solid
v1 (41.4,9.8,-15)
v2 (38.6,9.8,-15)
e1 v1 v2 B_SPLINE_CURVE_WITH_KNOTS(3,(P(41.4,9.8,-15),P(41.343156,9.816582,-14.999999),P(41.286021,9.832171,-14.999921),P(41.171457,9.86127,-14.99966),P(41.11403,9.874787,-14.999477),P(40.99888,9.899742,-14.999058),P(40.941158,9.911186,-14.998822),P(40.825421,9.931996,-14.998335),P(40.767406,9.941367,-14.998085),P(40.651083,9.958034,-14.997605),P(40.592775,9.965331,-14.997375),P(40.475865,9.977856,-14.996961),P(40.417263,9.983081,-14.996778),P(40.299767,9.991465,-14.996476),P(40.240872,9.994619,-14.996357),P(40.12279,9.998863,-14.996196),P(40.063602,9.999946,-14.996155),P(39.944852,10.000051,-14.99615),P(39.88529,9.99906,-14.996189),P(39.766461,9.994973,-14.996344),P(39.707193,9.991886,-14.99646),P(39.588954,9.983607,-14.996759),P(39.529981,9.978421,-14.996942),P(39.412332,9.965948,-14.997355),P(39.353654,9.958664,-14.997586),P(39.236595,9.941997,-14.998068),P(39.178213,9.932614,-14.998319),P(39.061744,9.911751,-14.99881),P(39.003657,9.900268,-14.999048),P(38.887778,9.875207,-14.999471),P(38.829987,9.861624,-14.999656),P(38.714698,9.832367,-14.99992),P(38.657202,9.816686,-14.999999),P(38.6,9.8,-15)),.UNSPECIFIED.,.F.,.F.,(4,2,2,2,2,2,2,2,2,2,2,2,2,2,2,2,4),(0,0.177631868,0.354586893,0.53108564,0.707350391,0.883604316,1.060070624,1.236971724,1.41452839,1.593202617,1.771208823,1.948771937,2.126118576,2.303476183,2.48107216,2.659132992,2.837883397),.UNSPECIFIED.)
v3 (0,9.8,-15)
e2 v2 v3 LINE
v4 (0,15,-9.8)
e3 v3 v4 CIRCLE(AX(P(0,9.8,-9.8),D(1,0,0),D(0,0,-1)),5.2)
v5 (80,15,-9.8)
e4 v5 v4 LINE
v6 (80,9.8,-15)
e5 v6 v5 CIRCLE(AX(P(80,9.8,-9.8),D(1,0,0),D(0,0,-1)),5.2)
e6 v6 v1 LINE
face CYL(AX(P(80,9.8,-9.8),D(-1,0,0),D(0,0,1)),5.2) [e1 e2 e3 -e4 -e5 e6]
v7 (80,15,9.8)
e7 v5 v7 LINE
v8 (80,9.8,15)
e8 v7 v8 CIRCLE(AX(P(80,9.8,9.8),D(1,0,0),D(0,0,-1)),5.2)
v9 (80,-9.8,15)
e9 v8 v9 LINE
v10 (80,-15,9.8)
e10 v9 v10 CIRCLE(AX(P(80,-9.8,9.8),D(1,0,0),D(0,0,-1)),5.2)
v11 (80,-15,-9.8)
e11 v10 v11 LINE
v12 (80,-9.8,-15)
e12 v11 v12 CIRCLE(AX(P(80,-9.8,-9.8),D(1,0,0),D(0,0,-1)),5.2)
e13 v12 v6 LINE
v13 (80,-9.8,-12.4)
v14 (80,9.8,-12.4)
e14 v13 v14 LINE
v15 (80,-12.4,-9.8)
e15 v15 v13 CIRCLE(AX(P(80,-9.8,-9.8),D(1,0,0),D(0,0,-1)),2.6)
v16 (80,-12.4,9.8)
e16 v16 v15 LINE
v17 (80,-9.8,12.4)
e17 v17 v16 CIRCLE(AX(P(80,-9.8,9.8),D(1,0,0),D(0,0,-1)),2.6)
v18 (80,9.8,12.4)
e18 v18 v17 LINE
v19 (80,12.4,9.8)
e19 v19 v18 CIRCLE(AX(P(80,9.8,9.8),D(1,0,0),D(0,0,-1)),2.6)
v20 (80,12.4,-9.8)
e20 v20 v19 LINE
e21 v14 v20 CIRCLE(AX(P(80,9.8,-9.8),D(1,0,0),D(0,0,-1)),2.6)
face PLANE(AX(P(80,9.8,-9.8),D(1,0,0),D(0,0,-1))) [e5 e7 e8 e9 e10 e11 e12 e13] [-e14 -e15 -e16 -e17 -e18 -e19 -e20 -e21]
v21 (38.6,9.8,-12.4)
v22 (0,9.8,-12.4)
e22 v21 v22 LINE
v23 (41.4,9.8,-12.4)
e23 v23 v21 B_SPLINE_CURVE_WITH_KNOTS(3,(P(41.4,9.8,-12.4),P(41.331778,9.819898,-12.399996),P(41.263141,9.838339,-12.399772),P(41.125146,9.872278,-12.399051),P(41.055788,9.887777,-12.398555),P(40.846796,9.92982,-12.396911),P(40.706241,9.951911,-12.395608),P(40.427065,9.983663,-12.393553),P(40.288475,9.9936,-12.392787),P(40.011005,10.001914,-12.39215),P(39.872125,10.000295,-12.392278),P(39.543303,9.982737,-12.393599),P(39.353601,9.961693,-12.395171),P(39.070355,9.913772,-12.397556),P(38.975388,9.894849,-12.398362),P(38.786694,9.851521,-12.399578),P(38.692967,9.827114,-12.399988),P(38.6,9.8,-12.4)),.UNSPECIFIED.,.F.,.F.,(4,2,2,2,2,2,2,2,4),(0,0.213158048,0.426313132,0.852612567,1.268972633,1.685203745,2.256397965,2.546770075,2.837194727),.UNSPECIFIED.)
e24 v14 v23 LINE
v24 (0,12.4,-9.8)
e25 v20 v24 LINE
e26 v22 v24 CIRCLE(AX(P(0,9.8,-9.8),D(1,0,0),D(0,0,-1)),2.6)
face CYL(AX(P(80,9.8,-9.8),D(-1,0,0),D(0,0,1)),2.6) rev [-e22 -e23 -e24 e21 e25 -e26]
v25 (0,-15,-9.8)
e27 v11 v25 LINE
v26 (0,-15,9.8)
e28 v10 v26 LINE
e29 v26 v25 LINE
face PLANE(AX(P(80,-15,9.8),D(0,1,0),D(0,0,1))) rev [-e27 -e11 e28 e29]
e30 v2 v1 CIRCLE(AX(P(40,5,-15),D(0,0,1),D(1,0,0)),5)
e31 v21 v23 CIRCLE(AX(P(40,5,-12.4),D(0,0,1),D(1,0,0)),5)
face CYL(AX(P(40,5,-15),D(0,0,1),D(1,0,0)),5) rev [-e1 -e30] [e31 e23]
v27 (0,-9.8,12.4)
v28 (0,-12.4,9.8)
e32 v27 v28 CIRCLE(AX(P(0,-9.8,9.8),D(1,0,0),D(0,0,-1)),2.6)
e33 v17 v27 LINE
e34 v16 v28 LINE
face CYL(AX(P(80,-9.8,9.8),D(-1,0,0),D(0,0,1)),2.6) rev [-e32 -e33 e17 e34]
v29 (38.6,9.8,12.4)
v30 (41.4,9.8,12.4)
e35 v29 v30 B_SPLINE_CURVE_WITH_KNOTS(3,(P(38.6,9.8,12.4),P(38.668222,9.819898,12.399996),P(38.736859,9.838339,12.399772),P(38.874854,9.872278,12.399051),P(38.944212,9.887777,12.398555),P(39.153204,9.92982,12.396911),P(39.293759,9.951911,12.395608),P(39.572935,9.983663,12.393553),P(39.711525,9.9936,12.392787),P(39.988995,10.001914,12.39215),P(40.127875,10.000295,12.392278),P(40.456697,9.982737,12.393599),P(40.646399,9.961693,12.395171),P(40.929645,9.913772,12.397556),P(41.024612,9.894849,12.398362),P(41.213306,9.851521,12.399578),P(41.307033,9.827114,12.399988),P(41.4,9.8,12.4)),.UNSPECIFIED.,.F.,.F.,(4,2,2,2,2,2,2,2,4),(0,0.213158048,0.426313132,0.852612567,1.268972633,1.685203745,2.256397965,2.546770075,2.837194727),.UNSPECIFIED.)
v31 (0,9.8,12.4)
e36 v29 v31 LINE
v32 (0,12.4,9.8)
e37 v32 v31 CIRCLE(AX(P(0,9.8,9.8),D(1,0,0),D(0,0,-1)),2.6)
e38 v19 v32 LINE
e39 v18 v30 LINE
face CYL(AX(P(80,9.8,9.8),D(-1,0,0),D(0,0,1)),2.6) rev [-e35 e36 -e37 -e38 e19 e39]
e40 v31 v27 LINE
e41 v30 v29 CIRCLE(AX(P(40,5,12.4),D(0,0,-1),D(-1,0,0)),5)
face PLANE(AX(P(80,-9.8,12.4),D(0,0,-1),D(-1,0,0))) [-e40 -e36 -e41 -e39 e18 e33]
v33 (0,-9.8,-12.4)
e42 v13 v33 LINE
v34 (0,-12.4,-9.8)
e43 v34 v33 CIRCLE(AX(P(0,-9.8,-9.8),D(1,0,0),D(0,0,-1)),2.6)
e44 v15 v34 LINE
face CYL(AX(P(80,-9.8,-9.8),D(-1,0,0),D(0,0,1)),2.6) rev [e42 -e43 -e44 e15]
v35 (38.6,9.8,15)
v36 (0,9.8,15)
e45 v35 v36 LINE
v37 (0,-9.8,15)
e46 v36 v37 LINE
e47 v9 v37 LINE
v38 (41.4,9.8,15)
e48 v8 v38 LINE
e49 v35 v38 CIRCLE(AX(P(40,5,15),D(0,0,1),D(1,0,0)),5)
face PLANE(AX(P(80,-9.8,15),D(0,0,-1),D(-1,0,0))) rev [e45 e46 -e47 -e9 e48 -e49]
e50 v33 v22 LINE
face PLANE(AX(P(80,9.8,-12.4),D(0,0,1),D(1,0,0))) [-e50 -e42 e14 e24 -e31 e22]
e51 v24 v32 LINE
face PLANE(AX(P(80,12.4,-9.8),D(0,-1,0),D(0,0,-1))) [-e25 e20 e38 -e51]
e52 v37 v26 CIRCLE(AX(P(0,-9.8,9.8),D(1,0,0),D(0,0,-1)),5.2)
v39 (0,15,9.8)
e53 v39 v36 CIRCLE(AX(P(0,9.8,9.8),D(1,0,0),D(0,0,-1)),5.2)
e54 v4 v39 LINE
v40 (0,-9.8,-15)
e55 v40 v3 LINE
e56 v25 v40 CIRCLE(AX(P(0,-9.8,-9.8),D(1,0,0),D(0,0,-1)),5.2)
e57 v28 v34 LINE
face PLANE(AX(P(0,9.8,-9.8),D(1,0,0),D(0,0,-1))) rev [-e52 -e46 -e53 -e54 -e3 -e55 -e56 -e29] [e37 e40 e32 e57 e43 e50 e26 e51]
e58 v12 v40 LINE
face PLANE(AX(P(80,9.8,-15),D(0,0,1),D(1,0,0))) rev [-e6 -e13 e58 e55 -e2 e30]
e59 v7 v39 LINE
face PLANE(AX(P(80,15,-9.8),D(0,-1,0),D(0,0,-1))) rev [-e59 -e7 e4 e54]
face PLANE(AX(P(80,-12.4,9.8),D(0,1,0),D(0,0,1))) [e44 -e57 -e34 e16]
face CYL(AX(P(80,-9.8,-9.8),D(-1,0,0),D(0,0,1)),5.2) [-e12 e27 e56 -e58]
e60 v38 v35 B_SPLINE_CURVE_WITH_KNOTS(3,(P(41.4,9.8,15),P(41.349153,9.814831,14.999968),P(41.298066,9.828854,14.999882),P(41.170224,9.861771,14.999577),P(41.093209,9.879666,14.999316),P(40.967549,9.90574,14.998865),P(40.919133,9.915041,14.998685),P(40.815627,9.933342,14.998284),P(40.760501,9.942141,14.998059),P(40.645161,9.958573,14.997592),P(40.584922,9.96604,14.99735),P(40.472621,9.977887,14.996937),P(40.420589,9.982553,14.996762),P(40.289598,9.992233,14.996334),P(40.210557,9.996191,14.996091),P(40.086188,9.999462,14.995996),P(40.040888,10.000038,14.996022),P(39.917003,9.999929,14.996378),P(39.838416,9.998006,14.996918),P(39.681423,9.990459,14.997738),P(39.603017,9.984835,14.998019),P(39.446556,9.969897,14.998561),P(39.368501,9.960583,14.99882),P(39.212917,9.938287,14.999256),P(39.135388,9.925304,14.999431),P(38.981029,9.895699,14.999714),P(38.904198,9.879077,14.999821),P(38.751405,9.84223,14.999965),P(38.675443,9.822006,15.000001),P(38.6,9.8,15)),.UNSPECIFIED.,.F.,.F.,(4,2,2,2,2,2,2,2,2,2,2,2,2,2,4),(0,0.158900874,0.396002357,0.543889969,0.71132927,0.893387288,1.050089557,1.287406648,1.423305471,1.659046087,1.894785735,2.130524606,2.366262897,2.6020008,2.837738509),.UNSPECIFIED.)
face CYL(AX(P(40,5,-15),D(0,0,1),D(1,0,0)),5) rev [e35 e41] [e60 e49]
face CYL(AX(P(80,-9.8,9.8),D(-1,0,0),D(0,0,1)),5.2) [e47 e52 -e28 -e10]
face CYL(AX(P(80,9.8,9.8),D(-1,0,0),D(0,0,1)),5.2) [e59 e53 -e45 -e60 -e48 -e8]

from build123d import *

# Parameters (mm, degrees)
RURA_KWADRATOWA_30_X_30_X_2_6_1_DEPTH = 80
SZKIC3_R                              = 5
WYTNIJ_WYCI_GNI_CIE1_DEPTH            = 87.746757864


with BuildPart() as part:
    # Sketch11 → Rura kwadratowa 30 X 30 X 2.6(1) (new body)
    with BuildSketch(Plane(origin=(0, 0, 0), x_dir=(0, 0, -1), z_dir=(1, 0, 0))):
        with BuildLine():
            Line((-9.8, -15), (9.8, -15))
            ThreePointArc((9.8, -15), (13.476955262, -13.476955262), (15, -9.8))
            Line((15, -9.8), (15, 9.8))
            ThreePointArc((15, 9.8), (13.476955262, 13.476955262), (9.8, 15))
            Line((9.8, 15), (-9.8, 15))
            ThreePointArc((-9.8, 15), (-13.476955262, 13.476955262), (-15, 9.8))
            Line((-15, 9.8), (-15, -9.8))
            ThreePointArc((-15, -9.8), (-13.476955262, -13.476955262), (-9.8, -15))
        make_face()
        with BuildLine():
            Line((-9.8, -12.4), (9.8, -12.4))
            ThreePointArc((9.8, -12.4), (11.638477631, -11.638477631), (12.4, -9.8))
            Line((12.4, -9.8), (12.4, 9.8))
            ThreePointArc((12.4, 9.8), (11.638477631, 11.638477631), (9.8, 12.4))
            Line((9.8, 12.4), (-9.8, 12.4))
            ThreePointArc((-9.8, 12.4), (-11.638477631, 11.638477631), (-12.4, 9.8))
            Line((-12.4, 9.8), (-12.4, -9.8))
            ThreePointArc((-12.4, -9.8), (-11.638477631, -11.638477631), (-9.8, -12.4))
        make_face(mode=Mode.SUBTRACT)
    extrude(amount=RURA_KWADRATOWA_30_X_30_X_2_6_1_DEPTH)

    # Szkic3 → Wytnij-wyciągnięcie1 (cut, through all)
    with BuildSketch(Plane.XY.offset(15)):
        with Locations(Location((40, 5, 0), (0, 0, 73.739795292))):
            Circle(SZKIC3_R)
    extrude(amount=-WYTNIJ_WYCI_GNI_CIE1_DEPTH, mode=Mode.SUBTRACT)


solid = part.part
